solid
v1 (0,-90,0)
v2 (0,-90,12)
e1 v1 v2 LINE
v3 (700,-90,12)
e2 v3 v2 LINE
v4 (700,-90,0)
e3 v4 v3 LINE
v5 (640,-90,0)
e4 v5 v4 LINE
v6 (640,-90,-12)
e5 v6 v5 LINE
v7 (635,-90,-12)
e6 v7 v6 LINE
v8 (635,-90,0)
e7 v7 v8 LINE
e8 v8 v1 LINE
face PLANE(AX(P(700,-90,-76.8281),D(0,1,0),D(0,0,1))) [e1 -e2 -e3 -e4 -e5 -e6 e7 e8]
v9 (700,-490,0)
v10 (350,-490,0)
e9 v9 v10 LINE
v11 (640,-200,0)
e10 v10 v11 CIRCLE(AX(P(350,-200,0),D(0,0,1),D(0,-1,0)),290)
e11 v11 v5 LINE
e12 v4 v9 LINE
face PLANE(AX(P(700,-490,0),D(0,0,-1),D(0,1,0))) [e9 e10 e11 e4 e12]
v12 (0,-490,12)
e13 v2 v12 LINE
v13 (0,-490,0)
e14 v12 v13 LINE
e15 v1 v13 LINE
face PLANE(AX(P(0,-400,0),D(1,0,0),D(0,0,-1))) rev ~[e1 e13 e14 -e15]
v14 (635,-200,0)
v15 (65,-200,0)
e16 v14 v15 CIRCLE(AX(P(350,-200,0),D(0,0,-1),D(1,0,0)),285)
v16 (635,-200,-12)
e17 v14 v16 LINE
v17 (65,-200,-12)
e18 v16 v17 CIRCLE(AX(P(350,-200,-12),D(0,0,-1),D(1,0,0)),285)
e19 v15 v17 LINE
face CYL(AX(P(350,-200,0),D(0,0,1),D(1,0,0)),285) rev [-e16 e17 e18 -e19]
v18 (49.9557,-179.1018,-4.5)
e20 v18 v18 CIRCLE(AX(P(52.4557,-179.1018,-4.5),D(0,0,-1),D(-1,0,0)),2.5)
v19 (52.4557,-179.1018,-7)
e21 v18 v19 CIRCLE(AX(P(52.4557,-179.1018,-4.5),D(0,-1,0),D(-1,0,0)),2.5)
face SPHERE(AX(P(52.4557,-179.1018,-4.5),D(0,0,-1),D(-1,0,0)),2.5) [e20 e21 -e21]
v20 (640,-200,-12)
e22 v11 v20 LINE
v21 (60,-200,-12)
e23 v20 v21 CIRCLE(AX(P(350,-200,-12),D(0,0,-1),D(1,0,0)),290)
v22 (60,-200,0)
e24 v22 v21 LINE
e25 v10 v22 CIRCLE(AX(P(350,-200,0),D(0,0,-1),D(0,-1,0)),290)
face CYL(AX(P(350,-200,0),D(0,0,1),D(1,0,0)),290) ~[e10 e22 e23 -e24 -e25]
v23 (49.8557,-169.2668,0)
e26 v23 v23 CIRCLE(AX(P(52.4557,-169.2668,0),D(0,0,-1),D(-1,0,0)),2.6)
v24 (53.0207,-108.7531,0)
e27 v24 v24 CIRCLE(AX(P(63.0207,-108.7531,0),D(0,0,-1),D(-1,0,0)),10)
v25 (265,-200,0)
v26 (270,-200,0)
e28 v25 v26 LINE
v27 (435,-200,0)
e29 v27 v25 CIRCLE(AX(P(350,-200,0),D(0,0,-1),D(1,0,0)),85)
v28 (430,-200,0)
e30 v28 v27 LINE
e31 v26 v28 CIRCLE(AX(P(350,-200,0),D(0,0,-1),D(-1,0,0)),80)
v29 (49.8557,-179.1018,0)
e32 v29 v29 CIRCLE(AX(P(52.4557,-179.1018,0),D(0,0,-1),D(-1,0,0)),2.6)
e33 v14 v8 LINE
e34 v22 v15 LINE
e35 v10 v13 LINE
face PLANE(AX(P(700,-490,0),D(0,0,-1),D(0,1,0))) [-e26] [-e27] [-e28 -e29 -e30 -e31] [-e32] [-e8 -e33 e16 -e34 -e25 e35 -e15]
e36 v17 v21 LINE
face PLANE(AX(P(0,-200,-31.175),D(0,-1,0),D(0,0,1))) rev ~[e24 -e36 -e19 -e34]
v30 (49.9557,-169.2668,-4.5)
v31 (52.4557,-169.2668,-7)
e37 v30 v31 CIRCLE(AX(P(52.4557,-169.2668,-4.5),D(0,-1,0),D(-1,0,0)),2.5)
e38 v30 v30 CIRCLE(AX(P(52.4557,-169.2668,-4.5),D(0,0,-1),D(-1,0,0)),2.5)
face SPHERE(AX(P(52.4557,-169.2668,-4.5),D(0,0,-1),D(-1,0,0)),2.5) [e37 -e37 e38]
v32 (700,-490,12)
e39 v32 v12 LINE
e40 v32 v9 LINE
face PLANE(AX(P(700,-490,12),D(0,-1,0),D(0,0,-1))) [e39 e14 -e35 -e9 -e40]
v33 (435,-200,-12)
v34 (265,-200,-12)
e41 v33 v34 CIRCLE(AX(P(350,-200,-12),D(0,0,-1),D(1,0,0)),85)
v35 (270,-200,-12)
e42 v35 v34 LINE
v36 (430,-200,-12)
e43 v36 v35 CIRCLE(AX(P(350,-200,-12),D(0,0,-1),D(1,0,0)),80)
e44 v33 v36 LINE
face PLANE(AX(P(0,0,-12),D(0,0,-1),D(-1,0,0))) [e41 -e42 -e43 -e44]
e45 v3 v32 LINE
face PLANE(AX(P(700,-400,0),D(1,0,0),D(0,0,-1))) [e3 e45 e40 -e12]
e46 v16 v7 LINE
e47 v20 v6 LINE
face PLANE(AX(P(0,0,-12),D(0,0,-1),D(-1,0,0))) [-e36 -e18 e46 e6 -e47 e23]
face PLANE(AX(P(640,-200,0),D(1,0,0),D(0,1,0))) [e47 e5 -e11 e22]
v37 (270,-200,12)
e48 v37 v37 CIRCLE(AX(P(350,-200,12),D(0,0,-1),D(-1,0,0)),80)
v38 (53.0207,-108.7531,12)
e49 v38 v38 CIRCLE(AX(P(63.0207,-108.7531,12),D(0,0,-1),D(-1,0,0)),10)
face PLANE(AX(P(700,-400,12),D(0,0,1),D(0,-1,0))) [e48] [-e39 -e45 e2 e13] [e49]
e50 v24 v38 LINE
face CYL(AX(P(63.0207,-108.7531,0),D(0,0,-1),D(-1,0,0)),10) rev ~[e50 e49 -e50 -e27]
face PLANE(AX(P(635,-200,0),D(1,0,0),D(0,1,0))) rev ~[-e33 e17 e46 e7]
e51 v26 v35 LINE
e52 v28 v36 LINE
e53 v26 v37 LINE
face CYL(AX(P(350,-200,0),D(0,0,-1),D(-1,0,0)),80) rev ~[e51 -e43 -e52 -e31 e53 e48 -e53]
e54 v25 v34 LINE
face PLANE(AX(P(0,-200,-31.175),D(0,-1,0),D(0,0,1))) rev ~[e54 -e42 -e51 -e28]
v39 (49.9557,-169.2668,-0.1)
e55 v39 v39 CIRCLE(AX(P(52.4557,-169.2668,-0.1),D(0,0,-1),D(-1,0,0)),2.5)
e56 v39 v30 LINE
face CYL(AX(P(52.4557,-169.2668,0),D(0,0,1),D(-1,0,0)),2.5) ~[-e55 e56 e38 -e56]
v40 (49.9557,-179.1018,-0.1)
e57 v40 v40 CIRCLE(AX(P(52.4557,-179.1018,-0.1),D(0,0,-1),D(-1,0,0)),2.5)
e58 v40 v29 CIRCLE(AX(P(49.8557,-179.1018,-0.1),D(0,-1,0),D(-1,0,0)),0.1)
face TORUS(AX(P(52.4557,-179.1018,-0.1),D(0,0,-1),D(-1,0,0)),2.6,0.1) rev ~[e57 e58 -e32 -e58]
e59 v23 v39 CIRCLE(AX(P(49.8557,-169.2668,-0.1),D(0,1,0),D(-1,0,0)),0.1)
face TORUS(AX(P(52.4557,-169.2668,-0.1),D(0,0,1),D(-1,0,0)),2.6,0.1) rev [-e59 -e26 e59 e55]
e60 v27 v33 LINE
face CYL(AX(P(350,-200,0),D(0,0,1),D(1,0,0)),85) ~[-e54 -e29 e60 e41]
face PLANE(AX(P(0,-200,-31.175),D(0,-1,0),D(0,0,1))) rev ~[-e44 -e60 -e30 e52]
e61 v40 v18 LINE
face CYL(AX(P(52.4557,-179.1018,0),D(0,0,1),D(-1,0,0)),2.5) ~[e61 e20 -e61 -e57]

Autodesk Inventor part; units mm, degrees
ref_plane "YZ Plane" through (0, 0, 0) normal (1, 0, 0) x (0, 1, 0)
ref_plane "XZ Plane" through (0, 0, 0) normal (0, 1, 0) x (-1, 0, 0)
ref_plane "XY Plane" through (0, 0, 0) normal (0, 0, 1) x (1, 0, 0)
sketch "Sketch1" plane through (0, 0, 0) normal (0, 0, 1) x (1, 0, 0)
  line L0 (0, 0) -> (700, 0)
  line L1 (700, 0) -> (700, -400)
  line L2 (700, -400) -> (0, -400)
  line L3 (0, -400) -> (0, 0)
  dimension "d0" = 700
  dimension "d1" = 400
extrude "Extrusion1" add sketch "Sketch1" along normal blind 12
sketch "Sketch2" plane through (0, 0, 0) normal (0, 0, -1) x (-1, 0, 0)
  circle A0 centre (-350, -200) radius 80
  point P0 (0, 0)
  dimension "d4" = 160
extrude "Extrusion2" cut sketch "Sketch2" against normal blind 12
sketch "Sketch3" plane through (0, 0, 0) normal (0, 0, -1) x (-1, 0, 0)
  arc A0 (-430, -200) -> (-270, -200) centre (-350, -200) ccw
  line L0 (-270, -200) -> (-270, 0)
  line L1 (-430, -200) -> (-430, 0)
  line L2 (-265, 0) -> (-265, -200)
  arc A1 (-435, -200) -> (-265, -200) centre (-350, -200) ccw
  line L3 (-435, -200) -> (-435, 0)
  line L4 (-65, 0) -> (-65, -200)
  arc A2 (-635, -200) -> (-65, -200) centre (-350, -200) ccw
  line L5 (-635, -200) -> (-635, 0)
  line L6 (-60, 0) -> (-60, -200)
  arc A3 (-640, -200) -> (-60, -200) centre (-350, -200) ccw
  line L7 (-640, -200) -> (-640, 0)
  line L8 (-60, 0) -> (-65, 0)
  line L9 (-700, 0) -> (0, 0) projected
  line L10 (-430, 0) -> (-435, 0)
  line L11 (-635, 0) -> (-640, 0)
  line L12 (-265, 0) -> (-270, 0)
  dimension "d7" = 5
  dimension "d8" = 200
  dimension "d9" = 5
extrude "Extrusion3" add sketch "Sketch3" along normal blind 12 contours A0 L0 L9 L2 A1 L3 L1 | L5 A2 L4 L8 L6 A3 L7 L9
sketch "Sketch4" plane through (700, -400, 0) normal (1, 0, 0) x (0, 0, -1)
  line L0 (0, 0) -> (-12, 0) projected
  line L1 (0, 0) -> (-12, 0)
  line L2 (-12, 0) -> (-12, -90)
  line L3 (-12, -90) -> (0, -90)
  line L4 (0, -90) -> (0, 0)
  point P0 (0, 400)
  dimension "d12" = 90
extrude "Extrusion4" add sketch "Sketch4" against normal blind 700
sketch "Sketch5" plane through (700, 0, 12) normal (1, 0, 0) x (0, 0, -1)
  line L0 (12, 0) -> (0, 0) projected
  line L1 (0, 0) -> (88.8281, 0)
  line L2 (88.8281, 0) -> (88.8281, -90)
  line L3 (88.8281, -90) -> (0, -90)
  line L4 (0, -90) -> (0, 0)
  dimension "d15" = 90
extrude "Extrusion5" cut sketch "Sketch5" against normal blind 10000
sketch "Sketch6" plane through (0, -490, 0) normal (-1, 0, 0) x (0, 0, 1)
  line L0 (0, 290) -> (0, 400) projected
  line L1 (0, 400) -> (-31.175, 400)
  line L2 (-31.175, 400) -> (-31.175, 290)
  line L3 (-31.175, 290) -> (0, 290)
  line L4 (0, 290) -> (0, 400)
  point P0 (0, 490)
extrude "Extrusion6" cut sketch "Sketch6" against normal blind 500
sketch "Sketch7" plane through (0, 0, 0) normal (0, 0, -1) x (-1, 0, 0)
  circle A0 centre (-52.4557, -179.1018) radius 2.5
  circle A1 centre (-52.4557, -169.2668) radius 2.5
  point P0 (0, 0)
  dimension "d20" = 5
  dimension "d21" = 5
extrude "Extrusion7" add sketch "Sketch7" along normal blind 7
fillet "Fillet1" radius 2.5 2 edges at (54.9557, -169.2668, -7) (54.9557, -179.1018, -7)
fillet "Fillet2" radius 0.1 2 edges at (54.9557, -169.2668, 0) (54.9557, -179.1018, 0)
sketch "Sketch8" plane through (0, 0, 0) normal (0, 0, -1) x (-1, 0, 0)
  circle A0 centre (-63.0207, -108.7531) radius 10
  point P0 (0, 0)
  dimension "d26" = 20
extrude "Extrusion8" cut sketch "Sketch8" against normal blind 20
equation "\"BendRadius\" = Thickness"
equation "\"BendReliefWidth\" = Thickness"
equation "\"BendReliefDepth\" = 0.5 * Thickness"
equation "\"CornerReliefSize\" = 4 * Thickness"
equation "\"MinimumRemnant\" = 2 * Thickness"
equation "\"TransitionRadius\" = BendRadius"
equation "\"JacobiRadiusSize\" = BendRadius"
equation "\"GapSize\" = Thickness"
equation "\"Thickness\" = 0.5"
properties part number "base" material "Acetal Resin, White"
